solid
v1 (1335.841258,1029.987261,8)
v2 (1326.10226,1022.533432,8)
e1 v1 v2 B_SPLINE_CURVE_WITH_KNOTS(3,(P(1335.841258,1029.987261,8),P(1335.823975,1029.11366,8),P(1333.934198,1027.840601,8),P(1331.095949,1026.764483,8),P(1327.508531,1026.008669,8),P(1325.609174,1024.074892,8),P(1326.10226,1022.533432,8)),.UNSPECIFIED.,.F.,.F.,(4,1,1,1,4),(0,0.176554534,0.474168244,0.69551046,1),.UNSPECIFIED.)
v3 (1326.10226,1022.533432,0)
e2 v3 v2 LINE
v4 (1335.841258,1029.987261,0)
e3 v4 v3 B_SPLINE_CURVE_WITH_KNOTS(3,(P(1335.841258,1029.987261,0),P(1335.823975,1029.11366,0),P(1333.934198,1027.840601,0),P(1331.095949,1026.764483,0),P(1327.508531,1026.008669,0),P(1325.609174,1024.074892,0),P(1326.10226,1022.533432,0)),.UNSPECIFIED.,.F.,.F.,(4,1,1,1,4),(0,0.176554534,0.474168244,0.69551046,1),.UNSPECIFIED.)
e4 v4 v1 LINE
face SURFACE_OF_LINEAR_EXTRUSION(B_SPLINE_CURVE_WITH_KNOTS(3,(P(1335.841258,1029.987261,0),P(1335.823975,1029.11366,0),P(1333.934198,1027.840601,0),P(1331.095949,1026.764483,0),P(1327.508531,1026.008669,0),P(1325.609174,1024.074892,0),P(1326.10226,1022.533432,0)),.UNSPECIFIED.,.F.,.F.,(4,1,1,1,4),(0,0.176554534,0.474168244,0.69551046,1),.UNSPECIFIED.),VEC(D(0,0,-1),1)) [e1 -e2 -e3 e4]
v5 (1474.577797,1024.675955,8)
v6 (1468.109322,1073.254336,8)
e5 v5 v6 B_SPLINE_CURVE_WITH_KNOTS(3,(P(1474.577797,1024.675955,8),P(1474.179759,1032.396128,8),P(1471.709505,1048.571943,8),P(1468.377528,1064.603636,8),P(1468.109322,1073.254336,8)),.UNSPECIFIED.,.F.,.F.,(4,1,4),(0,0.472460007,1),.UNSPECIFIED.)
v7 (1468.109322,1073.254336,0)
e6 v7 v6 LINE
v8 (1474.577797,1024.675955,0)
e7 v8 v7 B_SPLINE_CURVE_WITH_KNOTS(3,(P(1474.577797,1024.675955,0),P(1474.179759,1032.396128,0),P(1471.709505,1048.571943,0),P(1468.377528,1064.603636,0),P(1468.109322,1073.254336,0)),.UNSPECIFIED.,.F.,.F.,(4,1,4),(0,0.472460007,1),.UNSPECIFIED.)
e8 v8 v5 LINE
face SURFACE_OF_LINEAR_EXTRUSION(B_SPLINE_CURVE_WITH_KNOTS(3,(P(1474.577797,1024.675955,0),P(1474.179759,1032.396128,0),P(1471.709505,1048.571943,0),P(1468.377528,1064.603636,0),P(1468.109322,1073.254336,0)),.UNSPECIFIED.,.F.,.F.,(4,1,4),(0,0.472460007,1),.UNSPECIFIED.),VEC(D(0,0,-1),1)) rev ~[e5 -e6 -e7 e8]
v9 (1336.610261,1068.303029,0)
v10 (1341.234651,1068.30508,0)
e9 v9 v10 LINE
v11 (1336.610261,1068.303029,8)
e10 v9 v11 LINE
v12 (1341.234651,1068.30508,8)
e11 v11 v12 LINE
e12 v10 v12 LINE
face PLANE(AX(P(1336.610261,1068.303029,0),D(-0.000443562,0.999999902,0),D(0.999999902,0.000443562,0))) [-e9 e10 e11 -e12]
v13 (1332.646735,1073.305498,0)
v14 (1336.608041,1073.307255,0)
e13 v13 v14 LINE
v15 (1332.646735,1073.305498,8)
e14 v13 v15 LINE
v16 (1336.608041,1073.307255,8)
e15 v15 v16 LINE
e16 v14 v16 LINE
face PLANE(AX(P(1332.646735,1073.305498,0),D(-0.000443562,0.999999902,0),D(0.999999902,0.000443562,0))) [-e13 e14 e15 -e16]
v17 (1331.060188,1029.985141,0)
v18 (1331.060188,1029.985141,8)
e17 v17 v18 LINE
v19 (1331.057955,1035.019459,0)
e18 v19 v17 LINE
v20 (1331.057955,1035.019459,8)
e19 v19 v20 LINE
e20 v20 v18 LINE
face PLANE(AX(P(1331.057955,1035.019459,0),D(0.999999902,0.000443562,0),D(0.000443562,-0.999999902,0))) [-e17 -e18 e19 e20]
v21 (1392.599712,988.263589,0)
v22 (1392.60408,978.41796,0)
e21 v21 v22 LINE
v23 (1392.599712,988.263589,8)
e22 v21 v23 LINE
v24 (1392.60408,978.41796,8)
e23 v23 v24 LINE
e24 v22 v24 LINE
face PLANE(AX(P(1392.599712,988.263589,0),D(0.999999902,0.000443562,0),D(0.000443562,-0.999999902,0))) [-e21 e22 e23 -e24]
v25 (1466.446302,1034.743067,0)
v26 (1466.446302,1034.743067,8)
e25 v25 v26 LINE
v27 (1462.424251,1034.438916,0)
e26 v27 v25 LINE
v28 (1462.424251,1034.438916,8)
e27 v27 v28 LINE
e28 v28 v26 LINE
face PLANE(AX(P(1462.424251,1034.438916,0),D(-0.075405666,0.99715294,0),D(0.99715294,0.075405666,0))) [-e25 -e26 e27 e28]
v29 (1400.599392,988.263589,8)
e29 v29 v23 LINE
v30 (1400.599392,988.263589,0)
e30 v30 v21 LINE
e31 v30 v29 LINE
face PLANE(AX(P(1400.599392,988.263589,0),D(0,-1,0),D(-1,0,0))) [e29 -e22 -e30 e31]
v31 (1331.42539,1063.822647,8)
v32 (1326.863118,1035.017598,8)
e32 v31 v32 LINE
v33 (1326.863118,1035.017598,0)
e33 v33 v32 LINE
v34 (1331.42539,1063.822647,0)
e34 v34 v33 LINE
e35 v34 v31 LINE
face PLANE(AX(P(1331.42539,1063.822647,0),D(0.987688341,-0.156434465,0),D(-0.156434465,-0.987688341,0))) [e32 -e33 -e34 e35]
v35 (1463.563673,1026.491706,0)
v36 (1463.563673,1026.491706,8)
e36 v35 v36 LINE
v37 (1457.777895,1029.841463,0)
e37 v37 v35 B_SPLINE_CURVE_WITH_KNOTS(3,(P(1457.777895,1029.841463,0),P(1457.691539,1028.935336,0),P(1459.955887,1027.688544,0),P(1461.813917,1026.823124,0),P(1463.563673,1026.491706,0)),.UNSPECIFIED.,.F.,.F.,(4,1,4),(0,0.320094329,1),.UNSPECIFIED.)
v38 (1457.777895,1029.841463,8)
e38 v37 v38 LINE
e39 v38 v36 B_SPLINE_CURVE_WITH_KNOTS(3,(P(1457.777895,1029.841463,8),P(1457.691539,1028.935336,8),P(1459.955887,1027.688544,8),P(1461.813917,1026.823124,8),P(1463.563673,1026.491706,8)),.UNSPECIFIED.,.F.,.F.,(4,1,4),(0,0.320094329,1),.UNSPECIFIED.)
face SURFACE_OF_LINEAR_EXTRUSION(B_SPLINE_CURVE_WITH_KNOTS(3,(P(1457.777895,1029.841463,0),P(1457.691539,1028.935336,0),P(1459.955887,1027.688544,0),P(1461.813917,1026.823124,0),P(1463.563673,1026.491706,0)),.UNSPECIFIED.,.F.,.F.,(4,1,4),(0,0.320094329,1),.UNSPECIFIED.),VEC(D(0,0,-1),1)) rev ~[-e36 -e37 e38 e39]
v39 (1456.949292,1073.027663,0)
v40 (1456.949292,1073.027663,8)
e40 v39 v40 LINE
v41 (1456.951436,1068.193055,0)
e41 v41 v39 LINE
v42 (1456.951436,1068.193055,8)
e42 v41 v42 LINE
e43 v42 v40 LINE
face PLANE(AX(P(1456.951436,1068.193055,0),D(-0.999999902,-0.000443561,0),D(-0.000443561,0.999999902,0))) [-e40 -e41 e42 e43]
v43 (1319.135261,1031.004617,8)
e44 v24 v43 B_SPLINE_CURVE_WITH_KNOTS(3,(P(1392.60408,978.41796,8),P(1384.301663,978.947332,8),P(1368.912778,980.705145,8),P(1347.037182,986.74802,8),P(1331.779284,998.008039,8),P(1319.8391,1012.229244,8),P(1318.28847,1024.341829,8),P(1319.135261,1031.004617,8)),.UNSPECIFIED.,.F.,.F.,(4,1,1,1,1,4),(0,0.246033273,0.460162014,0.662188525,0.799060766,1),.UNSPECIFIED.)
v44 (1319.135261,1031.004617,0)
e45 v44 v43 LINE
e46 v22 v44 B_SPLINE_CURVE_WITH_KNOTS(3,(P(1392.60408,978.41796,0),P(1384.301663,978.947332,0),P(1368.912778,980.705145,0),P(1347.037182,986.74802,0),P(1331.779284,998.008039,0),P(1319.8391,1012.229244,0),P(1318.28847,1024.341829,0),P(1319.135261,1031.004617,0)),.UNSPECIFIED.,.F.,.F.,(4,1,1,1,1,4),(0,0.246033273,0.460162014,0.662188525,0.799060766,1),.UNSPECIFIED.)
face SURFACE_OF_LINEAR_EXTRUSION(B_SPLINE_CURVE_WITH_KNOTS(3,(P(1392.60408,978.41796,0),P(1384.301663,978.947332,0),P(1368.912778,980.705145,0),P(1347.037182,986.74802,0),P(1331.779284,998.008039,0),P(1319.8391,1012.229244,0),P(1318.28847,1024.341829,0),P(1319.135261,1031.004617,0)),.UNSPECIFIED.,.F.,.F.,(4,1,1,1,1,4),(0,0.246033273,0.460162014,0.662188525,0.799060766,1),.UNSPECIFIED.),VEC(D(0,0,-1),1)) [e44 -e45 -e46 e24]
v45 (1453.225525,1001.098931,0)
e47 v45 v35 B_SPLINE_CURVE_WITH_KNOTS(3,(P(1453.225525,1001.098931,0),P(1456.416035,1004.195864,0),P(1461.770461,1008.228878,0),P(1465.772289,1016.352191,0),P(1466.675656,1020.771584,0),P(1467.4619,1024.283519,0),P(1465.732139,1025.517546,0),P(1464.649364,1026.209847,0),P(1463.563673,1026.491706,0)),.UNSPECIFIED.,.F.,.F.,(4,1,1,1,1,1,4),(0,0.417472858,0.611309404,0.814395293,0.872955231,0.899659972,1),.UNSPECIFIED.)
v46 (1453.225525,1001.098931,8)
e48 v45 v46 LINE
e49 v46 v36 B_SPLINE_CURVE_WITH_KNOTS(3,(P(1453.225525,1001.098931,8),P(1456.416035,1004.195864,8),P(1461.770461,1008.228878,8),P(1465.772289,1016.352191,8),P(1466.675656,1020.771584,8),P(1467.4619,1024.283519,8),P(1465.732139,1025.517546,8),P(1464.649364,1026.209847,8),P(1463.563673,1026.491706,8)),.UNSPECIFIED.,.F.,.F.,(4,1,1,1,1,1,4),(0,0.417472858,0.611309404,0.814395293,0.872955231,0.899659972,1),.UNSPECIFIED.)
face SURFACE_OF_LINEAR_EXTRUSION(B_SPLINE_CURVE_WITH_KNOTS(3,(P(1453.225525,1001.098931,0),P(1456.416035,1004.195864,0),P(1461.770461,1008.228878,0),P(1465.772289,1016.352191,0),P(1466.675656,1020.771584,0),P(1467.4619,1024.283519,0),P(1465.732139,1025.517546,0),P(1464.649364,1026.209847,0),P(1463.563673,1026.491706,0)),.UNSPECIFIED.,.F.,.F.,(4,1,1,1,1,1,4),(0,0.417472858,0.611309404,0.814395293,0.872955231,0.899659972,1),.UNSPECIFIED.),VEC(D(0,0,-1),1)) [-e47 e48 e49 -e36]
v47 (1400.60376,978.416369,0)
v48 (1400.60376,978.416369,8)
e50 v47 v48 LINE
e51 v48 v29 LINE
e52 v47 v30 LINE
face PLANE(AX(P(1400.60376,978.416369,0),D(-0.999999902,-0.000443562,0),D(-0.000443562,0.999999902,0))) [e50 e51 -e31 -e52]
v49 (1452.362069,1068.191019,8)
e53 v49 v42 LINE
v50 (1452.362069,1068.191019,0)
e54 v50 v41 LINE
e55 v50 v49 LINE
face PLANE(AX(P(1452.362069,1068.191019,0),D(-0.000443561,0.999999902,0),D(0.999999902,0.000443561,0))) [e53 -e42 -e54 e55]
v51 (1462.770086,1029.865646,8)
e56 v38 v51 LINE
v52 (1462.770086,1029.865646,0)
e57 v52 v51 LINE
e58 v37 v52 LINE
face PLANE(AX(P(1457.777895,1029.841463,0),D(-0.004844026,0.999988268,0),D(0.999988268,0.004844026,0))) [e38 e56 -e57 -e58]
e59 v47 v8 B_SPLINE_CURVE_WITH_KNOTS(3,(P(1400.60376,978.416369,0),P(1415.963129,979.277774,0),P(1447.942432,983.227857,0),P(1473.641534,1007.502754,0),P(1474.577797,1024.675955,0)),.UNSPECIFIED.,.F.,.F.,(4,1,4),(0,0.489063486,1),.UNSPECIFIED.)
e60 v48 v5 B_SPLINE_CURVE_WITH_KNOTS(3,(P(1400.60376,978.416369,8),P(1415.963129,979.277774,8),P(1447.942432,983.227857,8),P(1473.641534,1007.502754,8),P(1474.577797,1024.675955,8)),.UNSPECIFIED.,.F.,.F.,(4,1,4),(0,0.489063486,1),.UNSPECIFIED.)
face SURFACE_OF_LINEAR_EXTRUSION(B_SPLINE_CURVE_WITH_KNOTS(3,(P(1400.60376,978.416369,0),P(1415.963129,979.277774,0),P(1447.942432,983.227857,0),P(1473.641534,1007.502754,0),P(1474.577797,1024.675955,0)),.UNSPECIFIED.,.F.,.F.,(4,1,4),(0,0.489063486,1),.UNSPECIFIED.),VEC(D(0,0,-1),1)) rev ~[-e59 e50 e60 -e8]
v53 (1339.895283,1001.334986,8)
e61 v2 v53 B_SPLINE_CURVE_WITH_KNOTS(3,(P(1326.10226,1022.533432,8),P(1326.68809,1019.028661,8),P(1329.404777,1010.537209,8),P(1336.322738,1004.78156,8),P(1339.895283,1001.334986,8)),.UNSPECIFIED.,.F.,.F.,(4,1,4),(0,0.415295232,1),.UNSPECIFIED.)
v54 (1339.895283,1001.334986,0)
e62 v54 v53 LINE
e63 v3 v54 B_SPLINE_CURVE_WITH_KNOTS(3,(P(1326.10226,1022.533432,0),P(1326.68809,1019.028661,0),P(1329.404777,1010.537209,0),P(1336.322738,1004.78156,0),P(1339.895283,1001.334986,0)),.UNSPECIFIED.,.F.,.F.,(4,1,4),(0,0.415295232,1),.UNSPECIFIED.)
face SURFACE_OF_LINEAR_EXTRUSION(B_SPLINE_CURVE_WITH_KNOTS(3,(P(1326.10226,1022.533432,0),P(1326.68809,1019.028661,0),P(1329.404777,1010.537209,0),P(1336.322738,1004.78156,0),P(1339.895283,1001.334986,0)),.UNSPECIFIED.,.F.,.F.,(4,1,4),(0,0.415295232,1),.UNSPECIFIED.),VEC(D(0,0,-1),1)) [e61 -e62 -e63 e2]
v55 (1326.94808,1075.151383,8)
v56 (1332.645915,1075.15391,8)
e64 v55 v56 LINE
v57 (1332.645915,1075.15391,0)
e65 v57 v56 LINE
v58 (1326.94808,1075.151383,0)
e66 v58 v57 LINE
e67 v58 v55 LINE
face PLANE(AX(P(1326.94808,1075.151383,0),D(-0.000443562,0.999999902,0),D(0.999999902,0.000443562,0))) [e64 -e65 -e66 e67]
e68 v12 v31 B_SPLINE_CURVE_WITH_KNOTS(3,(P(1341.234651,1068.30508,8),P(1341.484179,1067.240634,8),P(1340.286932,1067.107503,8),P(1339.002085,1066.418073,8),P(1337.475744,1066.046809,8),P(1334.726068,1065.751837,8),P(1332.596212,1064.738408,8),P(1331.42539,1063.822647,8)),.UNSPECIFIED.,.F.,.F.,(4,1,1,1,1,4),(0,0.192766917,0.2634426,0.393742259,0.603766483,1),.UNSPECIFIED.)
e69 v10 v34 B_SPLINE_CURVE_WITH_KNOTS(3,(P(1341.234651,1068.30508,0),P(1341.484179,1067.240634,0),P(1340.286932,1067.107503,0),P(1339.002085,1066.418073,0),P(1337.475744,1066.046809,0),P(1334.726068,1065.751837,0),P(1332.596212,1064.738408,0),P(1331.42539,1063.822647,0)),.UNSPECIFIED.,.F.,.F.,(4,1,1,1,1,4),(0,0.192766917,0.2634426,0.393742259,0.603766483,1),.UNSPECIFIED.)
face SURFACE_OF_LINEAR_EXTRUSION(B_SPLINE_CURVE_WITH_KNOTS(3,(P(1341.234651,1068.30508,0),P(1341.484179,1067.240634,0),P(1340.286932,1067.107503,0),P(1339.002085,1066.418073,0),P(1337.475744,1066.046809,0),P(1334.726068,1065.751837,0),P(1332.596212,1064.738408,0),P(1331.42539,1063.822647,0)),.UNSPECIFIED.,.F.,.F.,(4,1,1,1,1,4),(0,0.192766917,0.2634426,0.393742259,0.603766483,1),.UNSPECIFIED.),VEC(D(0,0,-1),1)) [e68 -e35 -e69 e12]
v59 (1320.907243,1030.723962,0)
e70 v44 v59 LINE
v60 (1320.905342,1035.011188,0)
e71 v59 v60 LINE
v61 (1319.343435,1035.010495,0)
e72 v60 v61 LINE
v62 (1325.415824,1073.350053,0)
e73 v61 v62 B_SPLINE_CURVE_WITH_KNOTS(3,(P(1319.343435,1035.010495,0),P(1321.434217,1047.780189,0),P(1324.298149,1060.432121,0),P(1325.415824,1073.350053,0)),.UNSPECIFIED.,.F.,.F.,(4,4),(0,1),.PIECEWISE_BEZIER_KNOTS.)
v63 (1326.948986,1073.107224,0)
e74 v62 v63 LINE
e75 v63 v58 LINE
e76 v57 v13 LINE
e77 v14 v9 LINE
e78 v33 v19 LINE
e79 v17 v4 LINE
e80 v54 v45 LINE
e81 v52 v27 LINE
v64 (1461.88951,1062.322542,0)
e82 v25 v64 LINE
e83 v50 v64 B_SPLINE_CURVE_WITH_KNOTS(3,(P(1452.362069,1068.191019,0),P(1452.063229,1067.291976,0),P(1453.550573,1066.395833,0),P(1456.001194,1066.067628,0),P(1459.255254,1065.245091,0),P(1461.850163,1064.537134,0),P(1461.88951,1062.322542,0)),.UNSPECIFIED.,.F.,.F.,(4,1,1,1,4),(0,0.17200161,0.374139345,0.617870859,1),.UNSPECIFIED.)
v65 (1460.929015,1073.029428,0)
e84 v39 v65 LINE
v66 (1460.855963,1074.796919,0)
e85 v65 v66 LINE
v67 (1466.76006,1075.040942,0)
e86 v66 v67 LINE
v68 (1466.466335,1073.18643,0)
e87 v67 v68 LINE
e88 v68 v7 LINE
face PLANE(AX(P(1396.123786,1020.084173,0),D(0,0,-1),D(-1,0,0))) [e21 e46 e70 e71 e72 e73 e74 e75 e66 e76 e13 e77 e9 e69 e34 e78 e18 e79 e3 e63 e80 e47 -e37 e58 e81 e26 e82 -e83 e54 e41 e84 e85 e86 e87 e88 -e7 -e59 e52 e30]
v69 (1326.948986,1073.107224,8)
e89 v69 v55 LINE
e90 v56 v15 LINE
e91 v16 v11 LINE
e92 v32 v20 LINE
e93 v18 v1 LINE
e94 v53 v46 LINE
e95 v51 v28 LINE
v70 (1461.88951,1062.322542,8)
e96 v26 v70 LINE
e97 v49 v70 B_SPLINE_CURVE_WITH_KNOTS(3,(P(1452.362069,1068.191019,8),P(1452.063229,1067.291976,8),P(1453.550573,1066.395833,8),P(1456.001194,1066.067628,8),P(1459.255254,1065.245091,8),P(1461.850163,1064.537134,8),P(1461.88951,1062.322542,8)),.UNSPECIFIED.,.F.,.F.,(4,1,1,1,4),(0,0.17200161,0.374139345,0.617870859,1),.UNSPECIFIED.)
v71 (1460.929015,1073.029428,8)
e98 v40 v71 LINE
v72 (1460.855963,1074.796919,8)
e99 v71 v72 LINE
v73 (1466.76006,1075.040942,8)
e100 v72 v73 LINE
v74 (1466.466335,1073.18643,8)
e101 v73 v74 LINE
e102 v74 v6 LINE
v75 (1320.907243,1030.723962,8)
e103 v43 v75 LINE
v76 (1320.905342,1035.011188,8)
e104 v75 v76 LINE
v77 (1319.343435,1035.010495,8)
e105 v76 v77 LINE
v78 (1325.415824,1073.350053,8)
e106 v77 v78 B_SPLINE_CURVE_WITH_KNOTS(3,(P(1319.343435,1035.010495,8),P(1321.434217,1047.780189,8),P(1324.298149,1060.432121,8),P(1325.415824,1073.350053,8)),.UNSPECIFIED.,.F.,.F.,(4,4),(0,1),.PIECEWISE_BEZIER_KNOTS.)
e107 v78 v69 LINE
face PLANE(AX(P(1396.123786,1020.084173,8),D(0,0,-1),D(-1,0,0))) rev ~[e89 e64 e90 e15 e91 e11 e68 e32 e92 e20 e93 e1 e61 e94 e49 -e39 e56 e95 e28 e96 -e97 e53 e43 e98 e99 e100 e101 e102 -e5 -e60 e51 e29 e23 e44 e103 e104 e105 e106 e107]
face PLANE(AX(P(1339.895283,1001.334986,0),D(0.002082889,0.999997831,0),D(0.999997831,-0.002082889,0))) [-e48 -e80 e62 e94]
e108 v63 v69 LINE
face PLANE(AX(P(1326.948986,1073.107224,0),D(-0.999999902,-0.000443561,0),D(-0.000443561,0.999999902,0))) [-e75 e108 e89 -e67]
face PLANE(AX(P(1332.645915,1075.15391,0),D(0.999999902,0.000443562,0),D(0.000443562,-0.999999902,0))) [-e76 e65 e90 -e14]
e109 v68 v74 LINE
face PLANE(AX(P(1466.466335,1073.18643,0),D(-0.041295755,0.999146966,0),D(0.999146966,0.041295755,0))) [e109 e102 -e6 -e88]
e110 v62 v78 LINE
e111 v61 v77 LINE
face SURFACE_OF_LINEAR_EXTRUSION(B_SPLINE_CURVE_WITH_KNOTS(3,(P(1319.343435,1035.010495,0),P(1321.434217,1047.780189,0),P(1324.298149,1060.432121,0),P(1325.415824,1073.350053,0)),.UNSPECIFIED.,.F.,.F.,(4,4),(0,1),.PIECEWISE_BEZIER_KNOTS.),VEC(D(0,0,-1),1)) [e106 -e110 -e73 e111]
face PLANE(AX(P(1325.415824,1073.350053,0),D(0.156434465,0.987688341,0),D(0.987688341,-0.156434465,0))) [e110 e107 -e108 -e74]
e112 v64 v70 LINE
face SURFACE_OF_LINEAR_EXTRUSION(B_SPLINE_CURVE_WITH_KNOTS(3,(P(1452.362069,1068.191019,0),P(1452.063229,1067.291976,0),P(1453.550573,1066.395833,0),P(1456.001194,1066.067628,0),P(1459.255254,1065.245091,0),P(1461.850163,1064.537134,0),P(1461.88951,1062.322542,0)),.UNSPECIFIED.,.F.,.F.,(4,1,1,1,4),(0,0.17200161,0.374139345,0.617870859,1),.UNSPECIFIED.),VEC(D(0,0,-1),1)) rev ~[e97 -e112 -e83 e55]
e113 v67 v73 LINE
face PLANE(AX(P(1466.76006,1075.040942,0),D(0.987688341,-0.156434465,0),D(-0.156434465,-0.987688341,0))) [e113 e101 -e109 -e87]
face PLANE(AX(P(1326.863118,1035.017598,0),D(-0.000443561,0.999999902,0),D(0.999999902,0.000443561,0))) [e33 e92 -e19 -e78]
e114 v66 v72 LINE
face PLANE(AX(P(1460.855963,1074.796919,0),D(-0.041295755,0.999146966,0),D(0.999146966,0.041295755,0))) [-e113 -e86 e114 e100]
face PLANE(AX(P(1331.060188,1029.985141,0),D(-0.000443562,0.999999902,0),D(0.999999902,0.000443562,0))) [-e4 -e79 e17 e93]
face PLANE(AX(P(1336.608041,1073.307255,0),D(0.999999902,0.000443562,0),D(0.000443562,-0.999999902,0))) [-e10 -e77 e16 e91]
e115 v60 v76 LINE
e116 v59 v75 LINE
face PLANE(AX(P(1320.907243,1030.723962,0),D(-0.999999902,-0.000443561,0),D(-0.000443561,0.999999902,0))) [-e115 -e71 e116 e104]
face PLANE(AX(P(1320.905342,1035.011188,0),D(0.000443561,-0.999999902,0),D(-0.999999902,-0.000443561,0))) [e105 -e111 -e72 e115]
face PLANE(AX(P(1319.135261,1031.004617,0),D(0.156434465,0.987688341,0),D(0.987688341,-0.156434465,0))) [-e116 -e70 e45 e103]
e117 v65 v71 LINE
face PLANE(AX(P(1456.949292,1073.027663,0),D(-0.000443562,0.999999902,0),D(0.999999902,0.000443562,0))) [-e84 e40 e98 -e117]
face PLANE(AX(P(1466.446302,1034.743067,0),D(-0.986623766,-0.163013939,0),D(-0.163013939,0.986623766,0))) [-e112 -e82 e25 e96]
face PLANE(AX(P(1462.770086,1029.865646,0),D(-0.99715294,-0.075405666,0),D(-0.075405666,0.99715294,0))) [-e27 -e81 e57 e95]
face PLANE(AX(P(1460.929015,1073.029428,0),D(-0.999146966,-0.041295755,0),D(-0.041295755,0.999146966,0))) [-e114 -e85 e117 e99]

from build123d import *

# Parameters (mm, degrees)
EXTRUDE_1_DEPTH = 8


with BuildPart() as part:
    # 草图1 → 凸台-拉伸1 (new body)
    with BuildSketch(Plane.XY):
        with BuildLine():
            Line((1400.603760099, 978.416369467), (1400.599392251, 988.263589195))
            Line((1400.599392251, 988.263589195), (1392.599712444, 988.263589195))
            Line((1392.599712444, 988.263589195), (1392.604079587, 978.417959503))
            add(Edge.make_bspline(
                [(1392.604079587, 978.417959503), (1384.30166337, 978.94733203), (1368.912777657, 980.70514512), (1347.037181685, 986.748020488), (1331.779283503, 998.008038547), (1319.839099854, 1012.229243702), (1318.288469561, 1024.341828932), (1319.135260859, 1031.004616696)],
                knots=[0, 0, 0, 0, 0.246033273, 0.460162014, 0.662188525, 0.799060766, 1, 1, 1, 1], degree=3))
            Line((1319.135260859, 1031.004616696), (1320.907243326, 1030.723962245))
            Line((1320.907243326, 1030.723962245), (1320.905341678, 1035.011187846))
            Line((1320.905341678, 1035.011187846), (1319.343435038, 1035.010495045))
            add(Edge.make_bspline(
                [(1319.343435038, 1035.010495045), (1321.434217291, 1047.780189011), (1324.298149422, 1060.432120676), (1325.415824413, 1073.350052662)],
                knots=[0, 0, 0, 0, 1, 1, 1, 1], degree=3))
            Line((1325.415824413, 1073.350052662), (1326.948986358, 1073.107223666))
            Line((1326.948986358, 1073.107223666), (1326.948079648, 1075.15138308))
            Line((1326.948079648, 1075.15138308), (1332.645915356, 1075.153910421))
            Line((1332.645915356, 1075.153910421), (1332.646735241, 1073.305497823))
            Line((1332.646735241, 1073.305497823), (1336.608040968, 1073.307254906))
            Line((1336.608040968, 1073.307254906), (1336.610260651, 1068.303028573))
            Line((1336.610260651, 1068.303028573), (1341.234650632, 1068.305079775))
            add(Edge.make_bspline(
                [(1341.234650632, 1068.305079775), (1341.484178537, 1067.240633889), (1340.286932477, 1067.107503445), (1339.002085334, 1066.41807256), (1337.47574421, 1066.046809065), (1334.726067539, 1065.751837387), (1332.596211567, 1064.738407546), (1331.425389742, 1063.822646585)],
                knots=[0, 0, 0, 0, 0.192766917, 0.2634426, 0.393742259, 0.603766483, 1, 1, 1, 1], degree=3))
            Line((1331.425389742, 1063.822646585), (1326.863118242, 1035.017597998))
            Line((1326.863118242, 1035.017597998), (1331.057954718, 1035.019458666))
            Line((1331.057954718, 1035.019458666), (1331.060187748, 1029.98514055))
            Line((1331.060187748, 1029.98514055), (1335.841257782, 1029.987261249))
            add(Edge.make_bspline(
                [(1335.841257782, 1029.987261249), (1335.823974875, 1029.113659646), (1333.934198394, 1027.840601132), (1331.095949112, 1026.764483365), (1327.508531347, 1026.008669295), (1325.609173799, 1024.074891704), (1326.102260107, 1022.533431935)],
                knots=[0, 0, 0, 0, 0.176554534, 0.474168244, 0.69551046, 1, 1, 1, 1], degree=3))
            add(Edge.make_bspline(
                [(1326.102260107, 1022.533431935), (1326.688090473, 1019.028661059), (1329.404776613, 1010.537208741), (1336.322738402, 1004.78156047), (1339.895283128, 1001.334985628)],
                knots=[0, 0, 0, 0, 0.415295232, 1, 1, 1, 1], degree=3))
            Line((1339.895283128, 1001.334985628), (1453.225525149, 1001.098930774))
            add(Edge.make_bspline(
                [(1453.225525149, 1001.098930774), (1456.41603516, 1004.195864104), (1461.770461312, 1008.228877627), (1465.772288531, 1016.352191438), (1466.675656416, 1020.771584156), (1467.46190007, 1024.283519039), (1465.732138964, 1025.517545827), (1464.649363752, 1026.209847157), (1463.563673383, 1026.491705662)],
                knots=[0, 0, 0, 0, 0.417472858, 0.611309404, 0.814395293, 0.872955231, 0.899659972, 1, 1, 1, 1], degree=3))
            add(Edge.make_bspline(
                [(1457.777895082, 1029.841463334), (1457.691538568, 1028.935335948), (1459.955886804, 1027.688543829), (1461.813917023, 1026.82312411), (1463.563673383, 1026.491705662)],
                knots=[0, 0, 0, 0, 0.320094329, 1, 1, 1, 1], degree=3))
            Line((1457.777895082, 1029.841463334), (1462.770085624, 1029.865645917))
            Line((1462.770085624, 1029.865645917), (1462.424250556, 1034.438915705))
            Line((1462.424250556, 1034.438915705), (1466.446301553, 1034.743067077))
            Line((1466.446301553, 1034.743067077), (1461.889510036, 1062.322541758))
            add(Edge.make_bspline(
                [(1452.362068525, 1068.191018948), (1452.063228547, 1067.291975571), (1453.550572586, 1066.39583292), (1456.001193688, 1066.067628013), (1459.255253794, 1065.245091068), (1461.850162915, 1064.537133592), (1461.889510036, 1062.322541758)],
                knots=[0, 0, 0, 0, 0.17200161, 0.374139345, 0.617870859, 1, 1, 1, 1], degree=3))
            Line((1452.362068525, 1068.191018948), (1456.951436219, 1068.193054615))
            Line((1456.951436219, 1068.193054615), (1456.949291773, 1073.027663064))
            Line((1456.949291773, 1073.027663064), (1460.92901528, 1073.029428317))
            Line((1460.92901528, 1073.029428317), (1460.855963084, 1074.796919448))
            Line((1460.855963084, 1074.796919448), (1466.760060369, 1075.040941762))
            Line((1466.760060369, 1075.040941762), (1466.466334548, 1073.186429915))
            Line((1466.466334548, 1073.186429915), (1468.109322459, 1073.254336267))
            add(Edge.make_bspline(
                [(1474.577797045, 1024.67595534), (1474.179758571, 1032.396128039), (1471.709505065, 1048.571943007), (1468.377527701, 1064.603635783), (1468.109322459, 1073.254336267)],
                knots=[0, 0, 0, 0, 0.472460007, 1, 1, 1, 1], degree=3))
            add(Edge.make_bspline(
                [(1400.603760099, 978.416369467), (1415.963129029, 979.277774), (1447.942432473, 983.227856531), (1473.641534196, 1007.502754347), (1474.577797045, 1024.67595534)],
                knots=[0, 0, 0, 0, 0.489063486, 1, 1, 1, 1], degree=3))
        make_face()
    extrude(amount=EXTRUDE_1_DEPTH)


solid = part.part
